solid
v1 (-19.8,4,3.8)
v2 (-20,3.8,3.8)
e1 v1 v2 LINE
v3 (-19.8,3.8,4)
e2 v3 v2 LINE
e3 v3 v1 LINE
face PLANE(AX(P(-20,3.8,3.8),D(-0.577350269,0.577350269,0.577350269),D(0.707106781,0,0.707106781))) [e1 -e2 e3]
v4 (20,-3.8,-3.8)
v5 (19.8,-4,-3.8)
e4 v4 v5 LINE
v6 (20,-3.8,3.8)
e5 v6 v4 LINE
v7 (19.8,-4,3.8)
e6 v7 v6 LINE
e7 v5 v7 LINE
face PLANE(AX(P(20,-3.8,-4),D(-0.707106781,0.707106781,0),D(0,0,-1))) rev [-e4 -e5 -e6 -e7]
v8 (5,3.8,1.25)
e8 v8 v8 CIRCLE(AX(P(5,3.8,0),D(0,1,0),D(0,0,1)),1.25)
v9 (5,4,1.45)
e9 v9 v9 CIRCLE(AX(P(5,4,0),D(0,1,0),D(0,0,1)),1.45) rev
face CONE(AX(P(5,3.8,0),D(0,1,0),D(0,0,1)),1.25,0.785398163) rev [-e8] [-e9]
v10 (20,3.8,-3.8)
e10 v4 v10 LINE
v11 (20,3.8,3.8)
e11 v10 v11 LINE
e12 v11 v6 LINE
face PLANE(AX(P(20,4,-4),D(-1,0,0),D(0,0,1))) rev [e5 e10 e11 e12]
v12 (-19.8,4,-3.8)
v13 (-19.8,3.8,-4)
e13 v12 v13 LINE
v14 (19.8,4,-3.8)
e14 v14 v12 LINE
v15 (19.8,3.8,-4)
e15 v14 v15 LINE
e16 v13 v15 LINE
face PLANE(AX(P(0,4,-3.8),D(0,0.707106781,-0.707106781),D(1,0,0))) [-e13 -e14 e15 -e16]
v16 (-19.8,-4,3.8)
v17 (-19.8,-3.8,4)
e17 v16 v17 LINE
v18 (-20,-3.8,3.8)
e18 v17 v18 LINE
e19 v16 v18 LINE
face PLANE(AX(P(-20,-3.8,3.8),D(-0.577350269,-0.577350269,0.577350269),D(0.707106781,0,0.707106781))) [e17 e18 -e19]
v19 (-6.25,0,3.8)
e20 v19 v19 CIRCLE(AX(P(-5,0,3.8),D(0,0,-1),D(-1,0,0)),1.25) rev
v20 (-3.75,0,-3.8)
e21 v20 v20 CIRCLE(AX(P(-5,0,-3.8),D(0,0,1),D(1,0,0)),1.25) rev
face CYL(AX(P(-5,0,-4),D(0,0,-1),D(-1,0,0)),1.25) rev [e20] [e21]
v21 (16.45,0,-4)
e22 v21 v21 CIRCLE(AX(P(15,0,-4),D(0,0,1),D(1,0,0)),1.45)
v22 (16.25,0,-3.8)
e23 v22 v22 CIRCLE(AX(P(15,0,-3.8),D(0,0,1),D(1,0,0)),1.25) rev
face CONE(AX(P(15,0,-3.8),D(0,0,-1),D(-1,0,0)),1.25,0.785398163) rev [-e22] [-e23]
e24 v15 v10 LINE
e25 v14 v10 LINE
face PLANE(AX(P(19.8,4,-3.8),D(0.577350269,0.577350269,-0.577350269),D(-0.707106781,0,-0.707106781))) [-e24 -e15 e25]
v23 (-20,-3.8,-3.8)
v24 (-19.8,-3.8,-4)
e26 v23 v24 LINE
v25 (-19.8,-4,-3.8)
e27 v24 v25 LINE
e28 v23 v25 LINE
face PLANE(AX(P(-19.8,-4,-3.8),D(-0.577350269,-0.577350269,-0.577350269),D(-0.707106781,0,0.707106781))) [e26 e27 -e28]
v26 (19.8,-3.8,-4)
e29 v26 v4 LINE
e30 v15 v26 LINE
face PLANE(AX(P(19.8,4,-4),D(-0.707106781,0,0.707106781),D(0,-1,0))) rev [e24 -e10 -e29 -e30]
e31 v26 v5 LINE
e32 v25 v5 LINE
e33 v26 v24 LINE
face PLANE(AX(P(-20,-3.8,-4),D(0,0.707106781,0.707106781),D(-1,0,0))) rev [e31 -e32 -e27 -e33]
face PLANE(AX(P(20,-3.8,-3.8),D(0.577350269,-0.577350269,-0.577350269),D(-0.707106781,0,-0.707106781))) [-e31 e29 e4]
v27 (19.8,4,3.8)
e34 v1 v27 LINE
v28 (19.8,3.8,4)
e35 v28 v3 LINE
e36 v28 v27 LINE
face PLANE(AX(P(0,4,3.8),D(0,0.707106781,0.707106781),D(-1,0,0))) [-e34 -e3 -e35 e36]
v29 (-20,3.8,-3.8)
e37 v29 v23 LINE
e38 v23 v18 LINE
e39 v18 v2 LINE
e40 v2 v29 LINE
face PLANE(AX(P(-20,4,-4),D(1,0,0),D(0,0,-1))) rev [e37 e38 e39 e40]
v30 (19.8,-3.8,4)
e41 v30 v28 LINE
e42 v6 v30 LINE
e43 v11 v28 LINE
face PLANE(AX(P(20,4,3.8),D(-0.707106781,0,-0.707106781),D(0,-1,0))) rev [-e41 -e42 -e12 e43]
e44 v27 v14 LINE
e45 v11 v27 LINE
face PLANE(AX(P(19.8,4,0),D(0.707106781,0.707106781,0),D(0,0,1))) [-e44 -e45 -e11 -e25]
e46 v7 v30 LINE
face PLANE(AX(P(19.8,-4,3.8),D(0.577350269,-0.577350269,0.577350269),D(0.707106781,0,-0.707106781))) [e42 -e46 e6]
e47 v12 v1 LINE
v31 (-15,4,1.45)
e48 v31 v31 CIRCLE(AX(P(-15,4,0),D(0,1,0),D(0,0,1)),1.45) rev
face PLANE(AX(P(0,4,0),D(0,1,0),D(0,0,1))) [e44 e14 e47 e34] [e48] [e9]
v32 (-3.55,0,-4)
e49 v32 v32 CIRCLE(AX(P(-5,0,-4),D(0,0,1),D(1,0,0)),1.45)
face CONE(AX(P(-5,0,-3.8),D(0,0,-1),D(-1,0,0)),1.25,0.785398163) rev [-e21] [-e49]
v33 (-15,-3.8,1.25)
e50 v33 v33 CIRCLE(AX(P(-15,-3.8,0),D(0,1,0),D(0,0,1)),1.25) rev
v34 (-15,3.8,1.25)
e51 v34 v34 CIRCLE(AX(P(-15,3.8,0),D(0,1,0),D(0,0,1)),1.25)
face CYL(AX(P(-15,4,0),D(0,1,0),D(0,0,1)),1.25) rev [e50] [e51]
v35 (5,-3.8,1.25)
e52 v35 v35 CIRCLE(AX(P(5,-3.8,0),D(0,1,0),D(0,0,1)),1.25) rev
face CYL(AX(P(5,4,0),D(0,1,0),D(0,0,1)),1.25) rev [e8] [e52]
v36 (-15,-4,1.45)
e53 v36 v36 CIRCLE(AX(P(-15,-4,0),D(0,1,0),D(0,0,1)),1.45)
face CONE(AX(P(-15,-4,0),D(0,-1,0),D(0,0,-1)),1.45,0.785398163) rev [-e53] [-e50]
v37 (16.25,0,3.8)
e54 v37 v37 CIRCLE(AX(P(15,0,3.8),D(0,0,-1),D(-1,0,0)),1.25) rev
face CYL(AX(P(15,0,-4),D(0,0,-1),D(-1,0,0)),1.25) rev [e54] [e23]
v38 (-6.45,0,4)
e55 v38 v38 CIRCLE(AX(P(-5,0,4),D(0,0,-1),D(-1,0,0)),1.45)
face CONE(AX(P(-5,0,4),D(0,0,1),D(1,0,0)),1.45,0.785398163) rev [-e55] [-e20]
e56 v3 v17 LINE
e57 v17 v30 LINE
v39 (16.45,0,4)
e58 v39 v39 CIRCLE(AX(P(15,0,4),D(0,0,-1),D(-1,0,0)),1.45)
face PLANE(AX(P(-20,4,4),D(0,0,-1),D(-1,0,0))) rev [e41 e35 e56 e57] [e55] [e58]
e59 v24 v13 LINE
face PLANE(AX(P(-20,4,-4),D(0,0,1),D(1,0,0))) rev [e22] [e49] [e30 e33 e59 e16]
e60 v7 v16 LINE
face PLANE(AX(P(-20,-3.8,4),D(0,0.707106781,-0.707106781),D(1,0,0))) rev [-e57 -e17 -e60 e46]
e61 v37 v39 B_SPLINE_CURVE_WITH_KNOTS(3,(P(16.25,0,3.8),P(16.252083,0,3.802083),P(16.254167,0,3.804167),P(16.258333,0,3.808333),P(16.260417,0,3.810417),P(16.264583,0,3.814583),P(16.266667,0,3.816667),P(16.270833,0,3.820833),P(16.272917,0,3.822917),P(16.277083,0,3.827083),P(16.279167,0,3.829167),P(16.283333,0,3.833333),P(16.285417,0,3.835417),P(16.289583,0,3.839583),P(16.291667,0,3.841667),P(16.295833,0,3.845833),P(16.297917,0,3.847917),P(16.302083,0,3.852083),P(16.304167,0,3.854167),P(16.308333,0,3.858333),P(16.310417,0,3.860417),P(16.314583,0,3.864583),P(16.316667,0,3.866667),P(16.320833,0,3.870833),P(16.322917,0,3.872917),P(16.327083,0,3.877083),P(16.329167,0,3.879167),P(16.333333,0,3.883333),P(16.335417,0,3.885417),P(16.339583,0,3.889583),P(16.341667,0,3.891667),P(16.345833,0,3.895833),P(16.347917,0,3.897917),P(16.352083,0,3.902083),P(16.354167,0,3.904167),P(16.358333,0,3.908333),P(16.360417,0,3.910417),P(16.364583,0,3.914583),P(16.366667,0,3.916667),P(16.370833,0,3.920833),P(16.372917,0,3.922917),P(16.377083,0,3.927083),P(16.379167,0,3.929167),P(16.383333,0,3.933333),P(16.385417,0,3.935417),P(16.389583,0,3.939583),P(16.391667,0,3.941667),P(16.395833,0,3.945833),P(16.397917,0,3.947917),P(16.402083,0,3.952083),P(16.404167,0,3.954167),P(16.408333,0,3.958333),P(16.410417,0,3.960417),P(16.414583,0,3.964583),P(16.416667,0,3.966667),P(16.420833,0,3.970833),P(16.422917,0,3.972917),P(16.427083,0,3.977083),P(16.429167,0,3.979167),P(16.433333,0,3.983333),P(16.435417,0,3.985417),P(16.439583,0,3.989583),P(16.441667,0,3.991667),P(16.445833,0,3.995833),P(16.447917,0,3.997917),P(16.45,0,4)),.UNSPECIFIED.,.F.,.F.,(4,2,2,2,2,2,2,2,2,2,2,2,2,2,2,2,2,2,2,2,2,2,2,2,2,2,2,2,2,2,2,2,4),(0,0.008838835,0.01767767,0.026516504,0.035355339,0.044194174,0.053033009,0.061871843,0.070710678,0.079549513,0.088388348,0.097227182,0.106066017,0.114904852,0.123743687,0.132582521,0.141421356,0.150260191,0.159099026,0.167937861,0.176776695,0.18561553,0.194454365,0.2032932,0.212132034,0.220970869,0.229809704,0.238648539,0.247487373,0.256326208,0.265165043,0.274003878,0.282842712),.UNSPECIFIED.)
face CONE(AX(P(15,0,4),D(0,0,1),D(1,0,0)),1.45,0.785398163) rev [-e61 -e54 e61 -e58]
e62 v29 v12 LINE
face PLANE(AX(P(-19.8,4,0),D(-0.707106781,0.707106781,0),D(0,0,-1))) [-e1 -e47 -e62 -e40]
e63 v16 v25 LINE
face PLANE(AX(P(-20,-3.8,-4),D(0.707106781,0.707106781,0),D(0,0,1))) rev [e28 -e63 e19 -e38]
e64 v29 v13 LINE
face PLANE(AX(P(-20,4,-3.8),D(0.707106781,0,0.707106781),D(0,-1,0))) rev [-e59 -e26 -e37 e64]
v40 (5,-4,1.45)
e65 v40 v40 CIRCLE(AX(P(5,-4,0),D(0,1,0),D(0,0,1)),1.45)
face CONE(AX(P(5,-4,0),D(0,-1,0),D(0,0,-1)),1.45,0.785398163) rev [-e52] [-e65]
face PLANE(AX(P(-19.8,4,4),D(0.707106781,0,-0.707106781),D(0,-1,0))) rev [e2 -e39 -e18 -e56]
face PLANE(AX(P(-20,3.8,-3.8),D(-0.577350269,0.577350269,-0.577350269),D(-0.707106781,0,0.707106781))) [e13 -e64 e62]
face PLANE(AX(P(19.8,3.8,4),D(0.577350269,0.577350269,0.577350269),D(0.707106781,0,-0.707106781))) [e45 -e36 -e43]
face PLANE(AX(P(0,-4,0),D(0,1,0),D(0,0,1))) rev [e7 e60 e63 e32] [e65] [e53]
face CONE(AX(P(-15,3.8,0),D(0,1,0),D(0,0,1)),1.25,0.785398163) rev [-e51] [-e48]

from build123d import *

# Parameters (mm, degrees)
SKETCH_1_W         = 40
SKETCH_1_H         = 8
EXTRUDE_1_DEPTH    = 4
HOLE_WIZARD_M3_1_D = 2.5
HOLE_WIZARD_M3_2_D = 2.5
CHAMFER_1_SIZE     = 0.2


with BuildPart() as part:
    # 草图1 → 凸台-拉伸1 (new, symmetric)
    with BuildSketch(Plane(origin=(0, 0, 0), x_dir=(1, 0, 0), z_dir=(0, 1, 0))):
        Rectangle(SKETCH_1_W, SKETCH_1_H)
    extrude(amount=EXTRUDE_1_DEPTH, both=True)

    # M3 螺纹孔1 (through all)
    with Locations(Plane(origin=(0, 4, 0), x_dir=(1, 0, 0), z_dir=(0, 1, 0))):
        with Locations((-15, 0), (5, 0)):
            Hole(HOLE_WIZARD_M3_1_D / 2)

    # M3 螺纹孔2 (through all)
    with Locations(Plane(origin=(0, 0, -4), x_dir=(-1, 0, 0), z_dir=(0, 0, -1))):
        with Locations((-15, 0), (5, 0)):
            Hole(HOLE_WIZARD_M3_2_D / 2)

    # 倒角1
    chamfer_1_edges = [part.edges().sort_by_distance(p)[0] for p in [
        (-20, 4, 0),
        (6.25, 4, 0),
        (6.25, -4, 0),
        (0, 4, 4),
        (-13.75, 4, 0),
        (-13.75, -4, 0),
        (-6.25, 0, -4),
        (-6.25, 0, 4),
        (13.75, 0, -4),
        (13.75, 0, 4),
        (20, 4, 0),
        (0, -4, 4),
        (-20, -4, 0),
        (0, -4, -4),
        (20, -4, 0),
        (20, 0, 4),
        (-20, 0, 4),
        (-20, 0, -4),
        (20, 0, -4),
        (0, 4, -4),
    ]]
    chamfer(chamfer_1_edges, length=CHAMFER_1_SIZE)


solid = part.part
